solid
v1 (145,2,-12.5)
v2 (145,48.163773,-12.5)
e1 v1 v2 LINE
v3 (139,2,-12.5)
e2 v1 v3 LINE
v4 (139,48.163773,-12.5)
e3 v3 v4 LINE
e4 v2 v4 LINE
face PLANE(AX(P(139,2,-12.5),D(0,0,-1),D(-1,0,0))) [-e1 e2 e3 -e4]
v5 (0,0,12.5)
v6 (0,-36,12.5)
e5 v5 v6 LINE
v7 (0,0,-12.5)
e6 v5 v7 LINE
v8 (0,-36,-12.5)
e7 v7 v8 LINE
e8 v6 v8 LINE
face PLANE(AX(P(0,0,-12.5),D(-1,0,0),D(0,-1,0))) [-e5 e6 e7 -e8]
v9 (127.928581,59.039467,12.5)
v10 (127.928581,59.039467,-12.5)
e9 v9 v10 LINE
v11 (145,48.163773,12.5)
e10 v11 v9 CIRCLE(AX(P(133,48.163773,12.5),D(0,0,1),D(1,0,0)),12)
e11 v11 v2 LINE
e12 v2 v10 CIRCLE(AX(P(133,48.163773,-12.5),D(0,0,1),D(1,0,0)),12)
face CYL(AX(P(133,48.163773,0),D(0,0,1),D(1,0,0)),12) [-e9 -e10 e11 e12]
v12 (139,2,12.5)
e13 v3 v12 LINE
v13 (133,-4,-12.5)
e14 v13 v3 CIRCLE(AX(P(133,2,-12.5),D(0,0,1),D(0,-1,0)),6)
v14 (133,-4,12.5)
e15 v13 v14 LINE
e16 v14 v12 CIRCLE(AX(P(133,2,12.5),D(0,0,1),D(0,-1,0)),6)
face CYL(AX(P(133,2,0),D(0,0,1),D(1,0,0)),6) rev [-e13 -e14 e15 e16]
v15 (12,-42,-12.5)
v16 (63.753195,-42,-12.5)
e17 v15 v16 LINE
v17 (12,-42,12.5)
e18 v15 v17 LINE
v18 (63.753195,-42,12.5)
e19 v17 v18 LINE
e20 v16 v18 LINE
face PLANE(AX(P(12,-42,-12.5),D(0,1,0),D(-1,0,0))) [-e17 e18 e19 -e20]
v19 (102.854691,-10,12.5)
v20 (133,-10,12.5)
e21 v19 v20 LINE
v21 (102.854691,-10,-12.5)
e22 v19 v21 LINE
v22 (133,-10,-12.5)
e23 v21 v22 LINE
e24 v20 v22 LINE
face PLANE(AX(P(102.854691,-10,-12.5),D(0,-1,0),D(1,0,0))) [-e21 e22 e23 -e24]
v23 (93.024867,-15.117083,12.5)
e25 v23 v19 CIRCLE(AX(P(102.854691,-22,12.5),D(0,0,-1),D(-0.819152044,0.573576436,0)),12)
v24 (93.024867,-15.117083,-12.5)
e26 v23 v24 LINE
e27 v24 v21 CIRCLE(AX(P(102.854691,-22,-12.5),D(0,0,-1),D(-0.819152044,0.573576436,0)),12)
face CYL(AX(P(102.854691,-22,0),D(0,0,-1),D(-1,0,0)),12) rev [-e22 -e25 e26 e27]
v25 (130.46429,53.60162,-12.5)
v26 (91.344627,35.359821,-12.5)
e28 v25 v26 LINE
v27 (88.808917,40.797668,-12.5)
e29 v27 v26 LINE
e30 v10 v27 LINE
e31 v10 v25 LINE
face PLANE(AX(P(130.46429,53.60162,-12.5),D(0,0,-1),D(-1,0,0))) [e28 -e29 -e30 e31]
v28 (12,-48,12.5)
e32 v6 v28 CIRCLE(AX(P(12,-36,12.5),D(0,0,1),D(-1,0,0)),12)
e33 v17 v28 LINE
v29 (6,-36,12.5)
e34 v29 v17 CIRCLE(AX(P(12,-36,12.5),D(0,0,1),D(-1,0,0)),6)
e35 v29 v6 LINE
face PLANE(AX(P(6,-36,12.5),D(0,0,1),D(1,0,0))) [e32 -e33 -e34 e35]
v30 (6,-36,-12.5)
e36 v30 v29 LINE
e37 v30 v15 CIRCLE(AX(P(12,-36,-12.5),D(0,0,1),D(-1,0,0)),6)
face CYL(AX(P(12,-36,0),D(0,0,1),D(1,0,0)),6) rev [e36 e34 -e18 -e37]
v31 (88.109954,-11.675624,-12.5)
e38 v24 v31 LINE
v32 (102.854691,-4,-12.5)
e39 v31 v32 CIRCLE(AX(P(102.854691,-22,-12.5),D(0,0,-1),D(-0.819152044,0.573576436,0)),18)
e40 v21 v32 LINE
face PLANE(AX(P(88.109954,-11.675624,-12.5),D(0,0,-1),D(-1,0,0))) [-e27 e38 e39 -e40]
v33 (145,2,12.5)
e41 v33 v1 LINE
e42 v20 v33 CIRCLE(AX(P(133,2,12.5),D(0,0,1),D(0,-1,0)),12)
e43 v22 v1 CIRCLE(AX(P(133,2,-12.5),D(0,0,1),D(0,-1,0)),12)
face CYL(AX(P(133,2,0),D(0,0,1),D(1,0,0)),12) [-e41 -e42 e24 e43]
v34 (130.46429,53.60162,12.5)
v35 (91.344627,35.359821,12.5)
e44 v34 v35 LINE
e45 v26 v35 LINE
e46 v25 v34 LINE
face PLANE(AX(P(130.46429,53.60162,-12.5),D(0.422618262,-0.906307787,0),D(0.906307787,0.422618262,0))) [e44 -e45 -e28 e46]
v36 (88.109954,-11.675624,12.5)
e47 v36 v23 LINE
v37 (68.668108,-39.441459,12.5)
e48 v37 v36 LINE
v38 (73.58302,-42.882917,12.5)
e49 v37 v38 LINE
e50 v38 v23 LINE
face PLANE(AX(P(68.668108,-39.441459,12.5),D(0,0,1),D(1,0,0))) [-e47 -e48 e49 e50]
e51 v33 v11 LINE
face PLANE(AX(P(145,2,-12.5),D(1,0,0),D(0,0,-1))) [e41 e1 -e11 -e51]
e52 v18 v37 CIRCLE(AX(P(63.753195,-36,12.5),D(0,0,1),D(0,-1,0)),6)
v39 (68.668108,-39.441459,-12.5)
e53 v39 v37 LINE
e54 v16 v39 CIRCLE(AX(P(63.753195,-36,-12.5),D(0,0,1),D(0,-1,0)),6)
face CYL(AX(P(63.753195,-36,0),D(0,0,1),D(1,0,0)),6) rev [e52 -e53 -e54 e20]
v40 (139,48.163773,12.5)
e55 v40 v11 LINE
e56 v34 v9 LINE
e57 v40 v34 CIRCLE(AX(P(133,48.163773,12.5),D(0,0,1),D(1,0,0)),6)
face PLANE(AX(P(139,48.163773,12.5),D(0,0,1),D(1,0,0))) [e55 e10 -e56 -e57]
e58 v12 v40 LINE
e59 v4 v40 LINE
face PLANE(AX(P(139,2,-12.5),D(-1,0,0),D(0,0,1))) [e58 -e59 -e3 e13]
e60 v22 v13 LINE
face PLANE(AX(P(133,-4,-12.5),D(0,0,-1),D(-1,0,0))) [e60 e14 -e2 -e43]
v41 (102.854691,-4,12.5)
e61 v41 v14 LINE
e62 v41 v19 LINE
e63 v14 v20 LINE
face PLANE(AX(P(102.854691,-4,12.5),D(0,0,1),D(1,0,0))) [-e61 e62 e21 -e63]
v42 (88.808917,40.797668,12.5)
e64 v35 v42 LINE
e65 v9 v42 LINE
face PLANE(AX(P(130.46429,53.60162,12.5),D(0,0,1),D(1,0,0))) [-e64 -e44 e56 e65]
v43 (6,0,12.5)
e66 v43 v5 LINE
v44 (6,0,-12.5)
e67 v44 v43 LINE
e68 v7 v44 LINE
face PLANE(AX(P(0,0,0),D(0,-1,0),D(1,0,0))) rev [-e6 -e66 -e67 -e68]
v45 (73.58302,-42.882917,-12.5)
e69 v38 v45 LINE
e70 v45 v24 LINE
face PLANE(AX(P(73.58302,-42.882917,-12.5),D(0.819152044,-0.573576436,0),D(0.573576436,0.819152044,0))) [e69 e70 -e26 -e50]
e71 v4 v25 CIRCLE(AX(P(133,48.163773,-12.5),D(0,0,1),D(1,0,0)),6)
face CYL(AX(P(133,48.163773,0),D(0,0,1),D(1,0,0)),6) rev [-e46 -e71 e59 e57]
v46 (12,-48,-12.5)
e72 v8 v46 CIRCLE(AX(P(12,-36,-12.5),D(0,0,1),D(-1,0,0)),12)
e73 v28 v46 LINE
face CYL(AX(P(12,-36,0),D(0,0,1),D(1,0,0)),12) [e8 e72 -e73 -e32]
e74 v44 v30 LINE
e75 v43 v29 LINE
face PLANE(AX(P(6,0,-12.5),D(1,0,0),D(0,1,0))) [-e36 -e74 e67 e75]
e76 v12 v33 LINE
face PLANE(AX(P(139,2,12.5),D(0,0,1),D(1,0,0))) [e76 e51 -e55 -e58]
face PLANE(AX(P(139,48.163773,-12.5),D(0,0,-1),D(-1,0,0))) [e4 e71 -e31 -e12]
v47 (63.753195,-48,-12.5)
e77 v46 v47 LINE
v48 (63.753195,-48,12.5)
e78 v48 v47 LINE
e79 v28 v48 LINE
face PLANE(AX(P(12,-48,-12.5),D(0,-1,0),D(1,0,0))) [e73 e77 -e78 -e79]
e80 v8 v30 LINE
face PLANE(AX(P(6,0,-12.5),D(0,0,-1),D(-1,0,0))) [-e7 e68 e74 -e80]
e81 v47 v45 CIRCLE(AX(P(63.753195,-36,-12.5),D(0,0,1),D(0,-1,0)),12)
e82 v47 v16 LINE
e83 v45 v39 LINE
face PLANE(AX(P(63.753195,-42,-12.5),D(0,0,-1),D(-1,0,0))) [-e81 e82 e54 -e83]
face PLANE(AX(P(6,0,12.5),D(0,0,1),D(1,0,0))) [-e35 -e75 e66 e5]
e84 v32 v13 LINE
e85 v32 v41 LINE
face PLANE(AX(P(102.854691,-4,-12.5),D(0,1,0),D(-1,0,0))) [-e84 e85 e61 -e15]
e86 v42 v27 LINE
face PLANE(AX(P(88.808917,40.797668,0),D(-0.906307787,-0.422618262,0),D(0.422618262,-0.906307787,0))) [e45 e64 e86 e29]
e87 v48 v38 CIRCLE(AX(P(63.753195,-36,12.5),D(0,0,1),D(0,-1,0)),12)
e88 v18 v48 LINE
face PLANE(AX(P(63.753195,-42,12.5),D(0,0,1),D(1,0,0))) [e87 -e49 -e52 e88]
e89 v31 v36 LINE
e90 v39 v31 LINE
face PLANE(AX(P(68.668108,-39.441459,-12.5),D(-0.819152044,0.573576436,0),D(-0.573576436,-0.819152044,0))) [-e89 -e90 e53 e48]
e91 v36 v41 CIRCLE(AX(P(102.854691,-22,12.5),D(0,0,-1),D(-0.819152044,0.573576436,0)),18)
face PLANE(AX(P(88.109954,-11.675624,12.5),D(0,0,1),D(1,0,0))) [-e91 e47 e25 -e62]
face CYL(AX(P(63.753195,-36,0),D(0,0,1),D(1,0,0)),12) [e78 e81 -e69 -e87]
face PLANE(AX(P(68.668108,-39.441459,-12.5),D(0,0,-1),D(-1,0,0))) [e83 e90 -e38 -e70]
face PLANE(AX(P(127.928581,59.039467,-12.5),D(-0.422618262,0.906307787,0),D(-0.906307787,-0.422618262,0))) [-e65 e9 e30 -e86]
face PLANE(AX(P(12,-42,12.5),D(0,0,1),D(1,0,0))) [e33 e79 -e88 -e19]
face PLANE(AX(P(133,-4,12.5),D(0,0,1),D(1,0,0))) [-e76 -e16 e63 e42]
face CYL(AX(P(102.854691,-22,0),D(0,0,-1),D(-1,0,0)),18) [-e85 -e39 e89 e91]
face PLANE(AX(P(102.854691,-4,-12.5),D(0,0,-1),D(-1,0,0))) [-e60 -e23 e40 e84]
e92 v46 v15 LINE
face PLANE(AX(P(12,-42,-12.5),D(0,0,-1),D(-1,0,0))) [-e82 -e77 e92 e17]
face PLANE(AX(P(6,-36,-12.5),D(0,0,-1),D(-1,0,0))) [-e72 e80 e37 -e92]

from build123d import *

# Parameters (mm, degrees)
SKETCH2_W = 6
SKETCH2_H = 25


with BuildPart() as part:
    # Sweep1: sweep along a path in Sketch1
    with BuildLine(Plane.XY) as sweep1_path:
        Line((0, 0), (0, -36))
        ThreePointArc((0, -36), (3.514718626, -44.485281374), (12, -48))
        Line((12, -48), (63.753195393, -48))
        ThreePointArc((63.753195393, -48), (69.294178752, -46.644129998), (73.583019925, -42.882917236))
        Line((73.583019925, -42.882917236), (93.024866527, -15.117082764))
        ThreePointArc((93.024866527, -15.117082764), (97.3137077, -11.355870002), (102.854691059, -10))
        Line((102.854691059, -10), (133, -10))
        ThreePointArc((133, -10), (141.485281374, -6.485281374), (145, 2))
        Line((145, 2), (145, 48.163773075))
        ThreePointArc((145, 48.163773075), (139.4475953, 58.284470424), (127.928580859, 59.039466519))
        Line((127.928580859, 59.039466519), (88.808917204, 40.797667772))
    # Sketch2 → Sweep1 (sweep)
    with BuildSketch(Plane(origin=(0, 0, 0), x_dir=(-1, 0, 0), z_dir=(0, -1, 0))):
        with Locations((-3, 0)):
            Rectangle(SKETCH2_W, SKETCH2_H)
    sweep(path=sweep1_path.line)


solid = part.part
